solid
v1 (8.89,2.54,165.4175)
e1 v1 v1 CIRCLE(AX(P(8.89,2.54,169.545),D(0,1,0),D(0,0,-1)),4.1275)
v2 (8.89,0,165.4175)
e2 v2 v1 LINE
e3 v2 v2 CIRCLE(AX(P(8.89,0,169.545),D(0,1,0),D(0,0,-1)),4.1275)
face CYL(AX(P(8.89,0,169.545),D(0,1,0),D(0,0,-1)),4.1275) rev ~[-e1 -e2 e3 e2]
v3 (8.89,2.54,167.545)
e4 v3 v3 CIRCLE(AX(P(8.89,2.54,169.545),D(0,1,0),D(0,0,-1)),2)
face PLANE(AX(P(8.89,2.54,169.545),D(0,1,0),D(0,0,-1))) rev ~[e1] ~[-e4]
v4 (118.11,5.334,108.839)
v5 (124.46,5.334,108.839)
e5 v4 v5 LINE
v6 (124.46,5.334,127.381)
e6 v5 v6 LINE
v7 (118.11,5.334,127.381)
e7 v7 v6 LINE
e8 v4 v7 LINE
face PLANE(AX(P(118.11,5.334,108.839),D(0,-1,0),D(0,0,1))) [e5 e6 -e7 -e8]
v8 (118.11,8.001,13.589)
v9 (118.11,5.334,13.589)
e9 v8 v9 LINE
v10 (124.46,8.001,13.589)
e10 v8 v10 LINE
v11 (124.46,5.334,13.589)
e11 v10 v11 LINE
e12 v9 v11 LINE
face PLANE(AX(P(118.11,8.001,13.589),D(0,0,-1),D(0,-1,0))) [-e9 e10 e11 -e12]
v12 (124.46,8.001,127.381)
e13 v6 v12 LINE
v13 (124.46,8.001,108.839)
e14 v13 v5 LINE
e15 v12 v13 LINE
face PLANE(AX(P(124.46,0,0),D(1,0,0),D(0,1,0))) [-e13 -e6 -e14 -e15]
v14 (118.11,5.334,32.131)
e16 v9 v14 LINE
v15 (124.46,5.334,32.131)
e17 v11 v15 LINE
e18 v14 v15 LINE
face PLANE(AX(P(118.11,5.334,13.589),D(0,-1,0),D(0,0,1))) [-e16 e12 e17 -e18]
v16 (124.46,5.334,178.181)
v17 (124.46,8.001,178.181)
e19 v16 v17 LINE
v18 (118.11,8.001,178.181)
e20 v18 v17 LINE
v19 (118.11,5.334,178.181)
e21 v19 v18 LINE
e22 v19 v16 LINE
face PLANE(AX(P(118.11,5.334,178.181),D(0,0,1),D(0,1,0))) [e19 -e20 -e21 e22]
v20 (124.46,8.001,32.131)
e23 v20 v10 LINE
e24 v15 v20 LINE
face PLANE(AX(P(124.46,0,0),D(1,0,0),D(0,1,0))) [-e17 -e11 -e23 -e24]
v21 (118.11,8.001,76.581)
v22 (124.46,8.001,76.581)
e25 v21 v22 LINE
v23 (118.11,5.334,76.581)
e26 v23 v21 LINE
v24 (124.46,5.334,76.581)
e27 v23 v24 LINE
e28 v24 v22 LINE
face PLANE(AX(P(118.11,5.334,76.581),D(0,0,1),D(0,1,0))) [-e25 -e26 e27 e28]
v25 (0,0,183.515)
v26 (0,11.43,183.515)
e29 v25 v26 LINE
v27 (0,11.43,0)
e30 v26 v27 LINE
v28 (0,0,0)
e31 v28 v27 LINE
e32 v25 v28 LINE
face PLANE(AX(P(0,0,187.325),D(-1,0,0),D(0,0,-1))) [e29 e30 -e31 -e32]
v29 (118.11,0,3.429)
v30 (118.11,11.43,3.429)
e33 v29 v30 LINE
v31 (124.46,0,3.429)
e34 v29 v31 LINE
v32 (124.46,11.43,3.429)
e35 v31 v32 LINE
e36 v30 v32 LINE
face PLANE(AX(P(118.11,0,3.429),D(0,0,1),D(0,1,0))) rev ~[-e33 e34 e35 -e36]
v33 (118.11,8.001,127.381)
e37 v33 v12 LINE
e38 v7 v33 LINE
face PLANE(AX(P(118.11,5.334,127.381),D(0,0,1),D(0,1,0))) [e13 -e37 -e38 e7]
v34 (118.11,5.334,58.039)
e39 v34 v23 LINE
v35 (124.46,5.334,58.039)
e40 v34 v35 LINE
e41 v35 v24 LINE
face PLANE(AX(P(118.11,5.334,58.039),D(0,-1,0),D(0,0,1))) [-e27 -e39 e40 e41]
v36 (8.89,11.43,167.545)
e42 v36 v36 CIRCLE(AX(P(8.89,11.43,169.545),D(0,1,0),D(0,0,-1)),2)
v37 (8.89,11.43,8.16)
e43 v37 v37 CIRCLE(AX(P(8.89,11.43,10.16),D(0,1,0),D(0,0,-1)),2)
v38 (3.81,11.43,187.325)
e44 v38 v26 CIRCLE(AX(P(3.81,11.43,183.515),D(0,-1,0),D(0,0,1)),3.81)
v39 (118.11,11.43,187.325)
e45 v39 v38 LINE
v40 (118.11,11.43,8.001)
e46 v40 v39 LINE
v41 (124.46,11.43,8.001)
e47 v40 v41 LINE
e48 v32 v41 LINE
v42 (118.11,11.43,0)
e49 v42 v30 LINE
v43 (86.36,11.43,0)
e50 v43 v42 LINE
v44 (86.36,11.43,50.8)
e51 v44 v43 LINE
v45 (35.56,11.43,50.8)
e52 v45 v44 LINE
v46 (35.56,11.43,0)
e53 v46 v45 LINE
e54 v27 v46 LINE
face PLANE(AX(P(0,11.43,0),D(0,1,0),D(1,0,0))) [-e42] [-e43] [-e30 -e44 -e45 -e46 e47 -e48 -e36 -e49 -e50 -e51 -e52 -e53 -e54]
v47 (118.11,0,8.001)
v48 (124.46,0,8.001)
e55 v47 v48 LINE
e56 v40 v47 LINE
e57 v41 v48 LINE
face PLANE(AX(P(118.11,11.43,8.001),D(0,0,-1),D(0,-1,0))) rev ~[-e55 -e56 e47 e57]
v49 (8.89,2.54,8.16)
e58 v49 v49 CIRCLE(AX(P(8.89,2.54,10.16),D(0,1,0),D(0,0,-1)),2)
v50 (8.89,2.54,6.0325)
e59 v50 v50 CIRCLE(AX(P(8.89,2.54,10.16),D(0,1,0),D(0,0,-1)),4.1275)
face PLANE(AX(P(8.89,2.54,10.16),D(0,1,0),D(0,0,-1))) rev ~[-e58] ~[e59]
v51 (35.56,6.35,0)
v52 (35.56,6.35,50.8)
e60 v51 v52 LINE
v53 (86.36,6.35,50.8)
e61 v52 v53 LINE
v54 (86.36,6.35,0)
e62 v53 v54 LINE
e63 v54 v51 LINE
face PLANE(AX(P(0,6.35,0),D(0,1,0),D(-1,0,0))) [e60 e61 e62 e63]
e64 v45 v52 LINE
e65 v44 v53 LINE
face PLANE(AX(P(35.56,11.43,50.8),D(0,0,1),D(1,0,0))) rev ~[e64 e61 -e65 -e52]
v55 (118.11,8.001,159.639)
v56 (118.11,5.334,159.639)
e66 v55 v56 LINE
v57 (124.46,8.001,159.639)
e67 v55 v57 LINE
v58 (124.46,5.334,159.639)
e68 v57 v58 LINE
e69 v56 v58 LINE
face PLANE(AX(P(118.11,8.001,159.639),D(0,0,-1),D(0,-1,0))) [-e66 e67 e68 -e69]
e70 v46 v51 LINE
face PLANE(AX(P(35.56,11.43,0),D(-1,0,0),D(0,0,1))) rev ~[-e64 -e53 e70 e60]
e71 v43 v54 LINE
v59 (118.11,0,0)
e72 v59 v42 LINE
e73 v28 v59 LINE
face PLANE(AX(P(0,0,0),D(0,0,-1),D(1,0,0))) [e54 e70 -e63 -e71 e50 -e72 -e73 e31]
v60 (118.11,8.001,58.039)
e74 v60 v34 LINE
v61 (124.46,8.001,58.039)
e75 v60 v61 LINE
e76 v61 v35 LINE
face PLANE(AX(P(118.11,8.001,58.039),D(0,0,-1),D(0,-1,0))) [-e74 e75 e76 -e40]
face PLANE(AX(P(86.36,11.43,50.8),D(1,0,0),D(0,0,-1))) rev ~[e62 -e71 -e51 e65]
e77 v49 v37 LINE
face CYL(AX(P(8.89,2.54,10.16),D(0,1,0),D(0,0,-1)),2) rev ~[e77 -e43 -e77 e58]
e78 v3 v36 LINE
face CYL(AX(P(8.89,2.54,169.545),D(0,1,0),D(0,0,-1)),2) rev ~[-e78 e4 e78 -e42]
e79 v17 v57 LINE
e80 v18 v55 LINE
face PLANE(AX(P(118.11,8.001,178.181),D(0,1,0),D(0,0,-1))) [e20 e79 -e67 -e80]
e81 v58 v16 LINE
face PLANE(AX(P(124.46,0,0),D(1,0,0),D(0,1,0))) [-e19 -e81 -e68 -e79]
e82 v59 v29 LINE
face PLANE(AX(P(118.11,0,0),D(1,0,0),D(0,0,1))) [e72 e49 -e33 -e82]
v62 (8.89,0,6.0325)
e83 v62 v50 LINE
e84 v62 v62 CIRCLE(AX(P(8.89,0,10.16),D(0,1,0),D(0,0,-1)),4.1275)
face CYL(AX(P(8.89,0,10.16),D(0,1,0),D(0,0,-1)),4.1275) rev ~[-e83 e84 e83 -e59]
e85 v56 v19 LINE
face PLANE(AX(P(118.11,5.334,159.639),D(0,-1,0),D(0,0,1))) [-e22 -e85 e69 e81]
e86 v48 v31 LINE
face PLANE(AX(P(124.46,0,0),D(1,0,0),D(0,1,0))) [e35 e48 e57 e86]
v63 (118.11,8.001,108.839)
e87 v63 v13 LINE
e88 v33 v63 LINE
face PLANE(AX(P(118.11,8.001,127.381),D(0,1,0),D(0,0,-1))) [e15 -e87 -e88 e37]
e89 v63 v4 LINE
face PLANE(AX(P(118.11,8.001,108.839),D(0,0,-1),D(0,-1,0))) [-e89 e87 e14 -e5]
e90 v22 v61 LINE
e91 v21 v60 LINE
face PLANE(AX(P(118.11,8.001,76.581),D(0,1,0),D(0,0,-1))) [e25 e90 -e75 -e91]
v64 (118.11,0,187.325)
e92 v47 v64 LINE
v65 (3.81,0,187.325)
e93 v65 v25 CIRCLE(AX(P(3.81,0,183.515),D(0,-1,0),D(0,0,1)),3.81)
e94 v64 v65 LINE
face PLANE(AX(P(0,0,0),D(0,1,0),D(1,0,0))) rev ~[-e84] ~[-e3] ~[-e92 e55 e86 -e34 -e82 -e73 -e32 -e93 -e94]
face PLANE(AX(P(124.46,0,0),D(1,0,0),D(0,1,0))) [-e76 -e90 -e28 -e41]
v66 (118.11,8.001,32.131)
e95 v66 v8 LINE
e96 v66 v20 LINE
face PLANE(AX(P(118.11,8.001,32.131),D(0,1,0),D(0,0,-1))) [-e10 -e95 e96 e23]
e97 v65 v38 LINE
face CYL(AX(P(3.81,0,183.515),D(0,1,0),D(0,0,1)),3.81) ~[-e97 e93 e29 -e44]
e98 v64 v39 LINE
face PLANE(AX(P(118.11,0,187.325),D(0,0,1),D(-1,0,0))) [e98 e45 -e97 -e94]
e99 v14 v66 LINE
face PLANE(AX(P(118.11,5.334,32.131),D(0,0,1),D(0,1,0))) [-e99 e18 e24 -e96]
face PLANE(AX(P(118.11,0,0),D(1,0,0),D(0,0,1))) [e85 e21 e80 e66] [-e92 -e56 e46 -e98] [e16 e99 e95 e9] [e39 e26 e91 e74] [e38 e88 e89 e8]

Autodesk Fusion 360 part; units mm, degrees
sketch "Sketch1" plane through (0, 0, 0) normal (0, 1, 0) x (1, 0, 0)
  line L0 (0, 0) -> (118.11, 0)
  line L1 (118.11, 0) -> (118.11, -187.325)
  line L2 (118.11, -187.325) -> (0, -187.325)
  line L3 (0, -187.325) -> (0, 0)
  dimension "d1" = 118.11
  dimension "d2" = 187.325
extrude "Extrude1" add sketch "Sketch1" along normal blind 11.43
fillet "Fillet1" radius 3.81 1 edges at (0, 5.715, 187.325)
sketch "Sketch2" plane through (118.11, 0, 0) normal (1, 0, 0) x (0, 1, 0)
  line L0 (0, 187.325) -> (0, 0)
  line L1 (0, 0) -> (11.43, 0)
  line L2 (11.43, 0) -> (11.43, 187.325)
  line L3 (11.43, 187.325) -> (0, 187.325)
  line L4 (5.08, 178.435) -> (8.255, 178.435)
  line L5 (8.255, 178.435) -> (8.255, 159.385)
  line L6 (8.255, 159.385) -> (5.08, 159.385)
  line L7 (5.08, 159.385) -> (5.08, 178.435)
  line L8 (5.08, 127.635) -> (8.255, 127.635)
  line L9 (8.255, 127.635) -> (8.255, 108.585)
  line L10 (8.255, 108.585) -> (5.08, 108.585)
  line L11 (5.08, 108.585) -> (5.08, 127.635)
  line L12 (5.08, 76.835) -> (8.255, 76.835)
  line L13 (8.255, 76.835) -> (8.255, 57.785)
  line L14 (8.255, 57.785) -> (5.08, 57.785)
  line L15 (5.08, 57.785) -> (5.08, 76.835)
  line L16 (5.08, 32.385) -> (8.255, 32.385)
  line L17 (8.255, 32.385) -> (8.255, 13.335)
  line L18 (8.255, 13.335) -> (5.08, 13.335)
  line L19 (5.08, 13.335) -> (5.08, 32.385)
  line L20 (11.43, 8.001) -> (0, 8.001)
  line L21 (0, 8.001) -> (0, 3.429)
  line L22 (0, 3.429) -> (11.43, 3.429)
  line L23 (11.43, 3.429) -> (11.43, 8.001)
  line L24 (5.334, 32.131) -> (8.001, 32.131)
  line L25 (8.001, 32.131) -> (8.001, 13.589)
  line L26 (8.001, 13.589) -> (5.334, 13.589)
  line L27 (5.334, 13.589) -> (5.334, 32.131)
  line L28 (8.001, 76.581) -> (8.001, 58.039)
  line L29 (8.001, 58.039) -> (5.334, 58.039)
  line L30 (5.334, 58.039) -> (5.334, 76.581)
  line L31 (5.334, 76.581) -> (8.001, 76.581)
  line L32 (8.001, 127.381) -> (8.001, 108.839)
  line L33 (8.001, 108.839) -> (5.334, 108.839)
  line L34 (5.334, 108.839) -> (5.334, 127.381)
  line L35 (5.334, 127.381) -> (8.001, 127.381)
  line L36 (8.001, 178.181) -> (8.001, 159.639)
  line L37 (8.001, 159.639) -> (5.334, 159.639)
  line L38 (5.334, 159.639) -> (5.334, 178.181)
  line L39 (5.334, 178.181) -> (8.001, 178.181)
  dimension "d7" = 8.89
  dimension "d8" = 3.175
  dimension "d9" = 5.08
  dimension "d10" = 19.05
  dimension "d11" = 19.05
  dimension "d12" = 5.08
  dimension "d13" = 31.75
  dimension "d14" = 3.175
  dimension "d15" = 19.05
  dimension "d16" = 5.08
  dimension "d17" = 31.75
  dimension "d18" = 3.175
  dimension "d19" = 3.175
  dimension "d20" = 19.05
  dimension "d21" = 25.4
  dimension "d22" = 5.08
  dimension "d44" = 4.572
  dimension "d45" = 11.43
  dimension "d46" = 0.254
  dimension "d47" = 0.254
  dimension "d48" = 0.254
  dimension "d49" = 0.254
  dimension "d50" = 3.429
extrude "Extrude2" add sketch "Sketch2" along normal blind 6.35 contours L0 L2 L20 L21 L22 L23 | L24 L25 L26 L27 | L28 L29 L30 L31 | L32 L33 L34 L35 | L36 L37 L38 L39
sketch "Sketch3" plane through (0, 0, 0) normal (0, 0, -1) x (1, 0, 0)
  line L0 (118.11, 0) -> (0, 0)
  line L1 (0, 0) -> (0, -11.43)
  line L2 (0, -11.43) -> (118.11, -11.43)
  line L3 (118.11, -11.43) -> (118.11, 0)
  line L4 (6.35, -5.08) -> (25.4, -5.08)
  line L5 (25.4, -5.08) -> (25.4, -8.255)
  line L6 (25.4, -8.255) -> (6.35, -8.255)
  line L7 (6.35, -8.255) -> (6.35, -5.08)
  dimension "d25" = 19.05
  dimension "d26" = 3.175
  dimension "d27" = 6.35
  dimension "d38" = 5.08
extrude "Extrude3" add sketch "Sketch3" along normal blind 3.175 contours L4 L5 L6 L7
sketch "Sketch4" plane through (0, 0, 0) normal (0, -1, 0) x (1, 0, 0)
  arc A0 (3.81, 187.325) -> (0, 183.515) centre (3.81, 183.515) ccw
  line L0 (0, 183.515) -> (0, 0)
  line L1 (0, 0) -> (118.11, 0)
  line L2 (118.11, 0) -> (118.11, 3.429)
  line L3 (118.11, 187.325) -> (3.81, 187.325)
  line L4 (118.11, 3.429) -> (124.46, 3.429)
  line L5 (124.46, 3.429) -> (124.46, 8.001)
  line L6 (124.46, 8.001) -> (118.11, 8.001)
  line L7 (118.11, 8.001) -> (118.11, 187.325)
  point P0 (8.89, 169.545)
  point P1 (8.89, 10.16)
  dimension "d31" = 17.78
  dimension "d32" = 8.89
  dimension "d41" = 10.16
  dimension "d42" = 8.89
hole "Hole1" at (8.89, 0, 169.545) at (8.89, 0, 10.16) direction (0, 1, 0) diameter 4 depth 15.24 tip angle 180 counterbore diameter 8.255 counterbore depth 2.54
extrude "Extrude4" cut 1 faces at (12.7, 7.1967, -3.175) along direction (0, 0, 1) blind 3.175
sketch "Sketch6" plane through (0, 11.43, 0) normal (0, 1, 0) x (-1, 0, 0)
  circle A0 centre (-8.89, 169.545) radius 2
  circle A1 centre (-8.89, 10.16) radius 2
  arc A2 (0, 183.515) -> (-3.81, 187.325) centre (-3.81, 183.515) ccw
  line L0 (-3.81, 187.325) -> (-118.11, 187.325)
  line L1 (-118.11, 187.325) -> (-118.11, 8.001)
  line L2 (-118.11, 8.001) -> (-124.46, 8.001)
  line L3 (-124.46, 8.001) -> (-124.46, 3.429)
  line L4 (-124.46, 3.429) -> (-118.11, 3.429)
  line L5 (-118.11, 3.429) -> (-118.11, 0)
  line L6 (-118.11, 0) -> (0, 0)
  line L7 (0, 0) -> (0, 183.515)
  line L8 (-86.36, 0) -> (-35.56, 0)
  line L9 (-35.56, 0) -> (-35.56, 50.8)
  line L10 (-35.56, 50.8) -> (-86.36, 50.8)
  line L11 (-86.36, 50.8) -> (-86.36, 0)
  point P0 (-60.96, 187.325)
  point P1 (-60.96, 50.8)
  dimension "d51" = 50.8
  dimension "d52" = 50.8
extrude "Extrude5" cut sketch "Sketch6" against normal blind 5.08 contours L6 L8 L9 L10 L11
